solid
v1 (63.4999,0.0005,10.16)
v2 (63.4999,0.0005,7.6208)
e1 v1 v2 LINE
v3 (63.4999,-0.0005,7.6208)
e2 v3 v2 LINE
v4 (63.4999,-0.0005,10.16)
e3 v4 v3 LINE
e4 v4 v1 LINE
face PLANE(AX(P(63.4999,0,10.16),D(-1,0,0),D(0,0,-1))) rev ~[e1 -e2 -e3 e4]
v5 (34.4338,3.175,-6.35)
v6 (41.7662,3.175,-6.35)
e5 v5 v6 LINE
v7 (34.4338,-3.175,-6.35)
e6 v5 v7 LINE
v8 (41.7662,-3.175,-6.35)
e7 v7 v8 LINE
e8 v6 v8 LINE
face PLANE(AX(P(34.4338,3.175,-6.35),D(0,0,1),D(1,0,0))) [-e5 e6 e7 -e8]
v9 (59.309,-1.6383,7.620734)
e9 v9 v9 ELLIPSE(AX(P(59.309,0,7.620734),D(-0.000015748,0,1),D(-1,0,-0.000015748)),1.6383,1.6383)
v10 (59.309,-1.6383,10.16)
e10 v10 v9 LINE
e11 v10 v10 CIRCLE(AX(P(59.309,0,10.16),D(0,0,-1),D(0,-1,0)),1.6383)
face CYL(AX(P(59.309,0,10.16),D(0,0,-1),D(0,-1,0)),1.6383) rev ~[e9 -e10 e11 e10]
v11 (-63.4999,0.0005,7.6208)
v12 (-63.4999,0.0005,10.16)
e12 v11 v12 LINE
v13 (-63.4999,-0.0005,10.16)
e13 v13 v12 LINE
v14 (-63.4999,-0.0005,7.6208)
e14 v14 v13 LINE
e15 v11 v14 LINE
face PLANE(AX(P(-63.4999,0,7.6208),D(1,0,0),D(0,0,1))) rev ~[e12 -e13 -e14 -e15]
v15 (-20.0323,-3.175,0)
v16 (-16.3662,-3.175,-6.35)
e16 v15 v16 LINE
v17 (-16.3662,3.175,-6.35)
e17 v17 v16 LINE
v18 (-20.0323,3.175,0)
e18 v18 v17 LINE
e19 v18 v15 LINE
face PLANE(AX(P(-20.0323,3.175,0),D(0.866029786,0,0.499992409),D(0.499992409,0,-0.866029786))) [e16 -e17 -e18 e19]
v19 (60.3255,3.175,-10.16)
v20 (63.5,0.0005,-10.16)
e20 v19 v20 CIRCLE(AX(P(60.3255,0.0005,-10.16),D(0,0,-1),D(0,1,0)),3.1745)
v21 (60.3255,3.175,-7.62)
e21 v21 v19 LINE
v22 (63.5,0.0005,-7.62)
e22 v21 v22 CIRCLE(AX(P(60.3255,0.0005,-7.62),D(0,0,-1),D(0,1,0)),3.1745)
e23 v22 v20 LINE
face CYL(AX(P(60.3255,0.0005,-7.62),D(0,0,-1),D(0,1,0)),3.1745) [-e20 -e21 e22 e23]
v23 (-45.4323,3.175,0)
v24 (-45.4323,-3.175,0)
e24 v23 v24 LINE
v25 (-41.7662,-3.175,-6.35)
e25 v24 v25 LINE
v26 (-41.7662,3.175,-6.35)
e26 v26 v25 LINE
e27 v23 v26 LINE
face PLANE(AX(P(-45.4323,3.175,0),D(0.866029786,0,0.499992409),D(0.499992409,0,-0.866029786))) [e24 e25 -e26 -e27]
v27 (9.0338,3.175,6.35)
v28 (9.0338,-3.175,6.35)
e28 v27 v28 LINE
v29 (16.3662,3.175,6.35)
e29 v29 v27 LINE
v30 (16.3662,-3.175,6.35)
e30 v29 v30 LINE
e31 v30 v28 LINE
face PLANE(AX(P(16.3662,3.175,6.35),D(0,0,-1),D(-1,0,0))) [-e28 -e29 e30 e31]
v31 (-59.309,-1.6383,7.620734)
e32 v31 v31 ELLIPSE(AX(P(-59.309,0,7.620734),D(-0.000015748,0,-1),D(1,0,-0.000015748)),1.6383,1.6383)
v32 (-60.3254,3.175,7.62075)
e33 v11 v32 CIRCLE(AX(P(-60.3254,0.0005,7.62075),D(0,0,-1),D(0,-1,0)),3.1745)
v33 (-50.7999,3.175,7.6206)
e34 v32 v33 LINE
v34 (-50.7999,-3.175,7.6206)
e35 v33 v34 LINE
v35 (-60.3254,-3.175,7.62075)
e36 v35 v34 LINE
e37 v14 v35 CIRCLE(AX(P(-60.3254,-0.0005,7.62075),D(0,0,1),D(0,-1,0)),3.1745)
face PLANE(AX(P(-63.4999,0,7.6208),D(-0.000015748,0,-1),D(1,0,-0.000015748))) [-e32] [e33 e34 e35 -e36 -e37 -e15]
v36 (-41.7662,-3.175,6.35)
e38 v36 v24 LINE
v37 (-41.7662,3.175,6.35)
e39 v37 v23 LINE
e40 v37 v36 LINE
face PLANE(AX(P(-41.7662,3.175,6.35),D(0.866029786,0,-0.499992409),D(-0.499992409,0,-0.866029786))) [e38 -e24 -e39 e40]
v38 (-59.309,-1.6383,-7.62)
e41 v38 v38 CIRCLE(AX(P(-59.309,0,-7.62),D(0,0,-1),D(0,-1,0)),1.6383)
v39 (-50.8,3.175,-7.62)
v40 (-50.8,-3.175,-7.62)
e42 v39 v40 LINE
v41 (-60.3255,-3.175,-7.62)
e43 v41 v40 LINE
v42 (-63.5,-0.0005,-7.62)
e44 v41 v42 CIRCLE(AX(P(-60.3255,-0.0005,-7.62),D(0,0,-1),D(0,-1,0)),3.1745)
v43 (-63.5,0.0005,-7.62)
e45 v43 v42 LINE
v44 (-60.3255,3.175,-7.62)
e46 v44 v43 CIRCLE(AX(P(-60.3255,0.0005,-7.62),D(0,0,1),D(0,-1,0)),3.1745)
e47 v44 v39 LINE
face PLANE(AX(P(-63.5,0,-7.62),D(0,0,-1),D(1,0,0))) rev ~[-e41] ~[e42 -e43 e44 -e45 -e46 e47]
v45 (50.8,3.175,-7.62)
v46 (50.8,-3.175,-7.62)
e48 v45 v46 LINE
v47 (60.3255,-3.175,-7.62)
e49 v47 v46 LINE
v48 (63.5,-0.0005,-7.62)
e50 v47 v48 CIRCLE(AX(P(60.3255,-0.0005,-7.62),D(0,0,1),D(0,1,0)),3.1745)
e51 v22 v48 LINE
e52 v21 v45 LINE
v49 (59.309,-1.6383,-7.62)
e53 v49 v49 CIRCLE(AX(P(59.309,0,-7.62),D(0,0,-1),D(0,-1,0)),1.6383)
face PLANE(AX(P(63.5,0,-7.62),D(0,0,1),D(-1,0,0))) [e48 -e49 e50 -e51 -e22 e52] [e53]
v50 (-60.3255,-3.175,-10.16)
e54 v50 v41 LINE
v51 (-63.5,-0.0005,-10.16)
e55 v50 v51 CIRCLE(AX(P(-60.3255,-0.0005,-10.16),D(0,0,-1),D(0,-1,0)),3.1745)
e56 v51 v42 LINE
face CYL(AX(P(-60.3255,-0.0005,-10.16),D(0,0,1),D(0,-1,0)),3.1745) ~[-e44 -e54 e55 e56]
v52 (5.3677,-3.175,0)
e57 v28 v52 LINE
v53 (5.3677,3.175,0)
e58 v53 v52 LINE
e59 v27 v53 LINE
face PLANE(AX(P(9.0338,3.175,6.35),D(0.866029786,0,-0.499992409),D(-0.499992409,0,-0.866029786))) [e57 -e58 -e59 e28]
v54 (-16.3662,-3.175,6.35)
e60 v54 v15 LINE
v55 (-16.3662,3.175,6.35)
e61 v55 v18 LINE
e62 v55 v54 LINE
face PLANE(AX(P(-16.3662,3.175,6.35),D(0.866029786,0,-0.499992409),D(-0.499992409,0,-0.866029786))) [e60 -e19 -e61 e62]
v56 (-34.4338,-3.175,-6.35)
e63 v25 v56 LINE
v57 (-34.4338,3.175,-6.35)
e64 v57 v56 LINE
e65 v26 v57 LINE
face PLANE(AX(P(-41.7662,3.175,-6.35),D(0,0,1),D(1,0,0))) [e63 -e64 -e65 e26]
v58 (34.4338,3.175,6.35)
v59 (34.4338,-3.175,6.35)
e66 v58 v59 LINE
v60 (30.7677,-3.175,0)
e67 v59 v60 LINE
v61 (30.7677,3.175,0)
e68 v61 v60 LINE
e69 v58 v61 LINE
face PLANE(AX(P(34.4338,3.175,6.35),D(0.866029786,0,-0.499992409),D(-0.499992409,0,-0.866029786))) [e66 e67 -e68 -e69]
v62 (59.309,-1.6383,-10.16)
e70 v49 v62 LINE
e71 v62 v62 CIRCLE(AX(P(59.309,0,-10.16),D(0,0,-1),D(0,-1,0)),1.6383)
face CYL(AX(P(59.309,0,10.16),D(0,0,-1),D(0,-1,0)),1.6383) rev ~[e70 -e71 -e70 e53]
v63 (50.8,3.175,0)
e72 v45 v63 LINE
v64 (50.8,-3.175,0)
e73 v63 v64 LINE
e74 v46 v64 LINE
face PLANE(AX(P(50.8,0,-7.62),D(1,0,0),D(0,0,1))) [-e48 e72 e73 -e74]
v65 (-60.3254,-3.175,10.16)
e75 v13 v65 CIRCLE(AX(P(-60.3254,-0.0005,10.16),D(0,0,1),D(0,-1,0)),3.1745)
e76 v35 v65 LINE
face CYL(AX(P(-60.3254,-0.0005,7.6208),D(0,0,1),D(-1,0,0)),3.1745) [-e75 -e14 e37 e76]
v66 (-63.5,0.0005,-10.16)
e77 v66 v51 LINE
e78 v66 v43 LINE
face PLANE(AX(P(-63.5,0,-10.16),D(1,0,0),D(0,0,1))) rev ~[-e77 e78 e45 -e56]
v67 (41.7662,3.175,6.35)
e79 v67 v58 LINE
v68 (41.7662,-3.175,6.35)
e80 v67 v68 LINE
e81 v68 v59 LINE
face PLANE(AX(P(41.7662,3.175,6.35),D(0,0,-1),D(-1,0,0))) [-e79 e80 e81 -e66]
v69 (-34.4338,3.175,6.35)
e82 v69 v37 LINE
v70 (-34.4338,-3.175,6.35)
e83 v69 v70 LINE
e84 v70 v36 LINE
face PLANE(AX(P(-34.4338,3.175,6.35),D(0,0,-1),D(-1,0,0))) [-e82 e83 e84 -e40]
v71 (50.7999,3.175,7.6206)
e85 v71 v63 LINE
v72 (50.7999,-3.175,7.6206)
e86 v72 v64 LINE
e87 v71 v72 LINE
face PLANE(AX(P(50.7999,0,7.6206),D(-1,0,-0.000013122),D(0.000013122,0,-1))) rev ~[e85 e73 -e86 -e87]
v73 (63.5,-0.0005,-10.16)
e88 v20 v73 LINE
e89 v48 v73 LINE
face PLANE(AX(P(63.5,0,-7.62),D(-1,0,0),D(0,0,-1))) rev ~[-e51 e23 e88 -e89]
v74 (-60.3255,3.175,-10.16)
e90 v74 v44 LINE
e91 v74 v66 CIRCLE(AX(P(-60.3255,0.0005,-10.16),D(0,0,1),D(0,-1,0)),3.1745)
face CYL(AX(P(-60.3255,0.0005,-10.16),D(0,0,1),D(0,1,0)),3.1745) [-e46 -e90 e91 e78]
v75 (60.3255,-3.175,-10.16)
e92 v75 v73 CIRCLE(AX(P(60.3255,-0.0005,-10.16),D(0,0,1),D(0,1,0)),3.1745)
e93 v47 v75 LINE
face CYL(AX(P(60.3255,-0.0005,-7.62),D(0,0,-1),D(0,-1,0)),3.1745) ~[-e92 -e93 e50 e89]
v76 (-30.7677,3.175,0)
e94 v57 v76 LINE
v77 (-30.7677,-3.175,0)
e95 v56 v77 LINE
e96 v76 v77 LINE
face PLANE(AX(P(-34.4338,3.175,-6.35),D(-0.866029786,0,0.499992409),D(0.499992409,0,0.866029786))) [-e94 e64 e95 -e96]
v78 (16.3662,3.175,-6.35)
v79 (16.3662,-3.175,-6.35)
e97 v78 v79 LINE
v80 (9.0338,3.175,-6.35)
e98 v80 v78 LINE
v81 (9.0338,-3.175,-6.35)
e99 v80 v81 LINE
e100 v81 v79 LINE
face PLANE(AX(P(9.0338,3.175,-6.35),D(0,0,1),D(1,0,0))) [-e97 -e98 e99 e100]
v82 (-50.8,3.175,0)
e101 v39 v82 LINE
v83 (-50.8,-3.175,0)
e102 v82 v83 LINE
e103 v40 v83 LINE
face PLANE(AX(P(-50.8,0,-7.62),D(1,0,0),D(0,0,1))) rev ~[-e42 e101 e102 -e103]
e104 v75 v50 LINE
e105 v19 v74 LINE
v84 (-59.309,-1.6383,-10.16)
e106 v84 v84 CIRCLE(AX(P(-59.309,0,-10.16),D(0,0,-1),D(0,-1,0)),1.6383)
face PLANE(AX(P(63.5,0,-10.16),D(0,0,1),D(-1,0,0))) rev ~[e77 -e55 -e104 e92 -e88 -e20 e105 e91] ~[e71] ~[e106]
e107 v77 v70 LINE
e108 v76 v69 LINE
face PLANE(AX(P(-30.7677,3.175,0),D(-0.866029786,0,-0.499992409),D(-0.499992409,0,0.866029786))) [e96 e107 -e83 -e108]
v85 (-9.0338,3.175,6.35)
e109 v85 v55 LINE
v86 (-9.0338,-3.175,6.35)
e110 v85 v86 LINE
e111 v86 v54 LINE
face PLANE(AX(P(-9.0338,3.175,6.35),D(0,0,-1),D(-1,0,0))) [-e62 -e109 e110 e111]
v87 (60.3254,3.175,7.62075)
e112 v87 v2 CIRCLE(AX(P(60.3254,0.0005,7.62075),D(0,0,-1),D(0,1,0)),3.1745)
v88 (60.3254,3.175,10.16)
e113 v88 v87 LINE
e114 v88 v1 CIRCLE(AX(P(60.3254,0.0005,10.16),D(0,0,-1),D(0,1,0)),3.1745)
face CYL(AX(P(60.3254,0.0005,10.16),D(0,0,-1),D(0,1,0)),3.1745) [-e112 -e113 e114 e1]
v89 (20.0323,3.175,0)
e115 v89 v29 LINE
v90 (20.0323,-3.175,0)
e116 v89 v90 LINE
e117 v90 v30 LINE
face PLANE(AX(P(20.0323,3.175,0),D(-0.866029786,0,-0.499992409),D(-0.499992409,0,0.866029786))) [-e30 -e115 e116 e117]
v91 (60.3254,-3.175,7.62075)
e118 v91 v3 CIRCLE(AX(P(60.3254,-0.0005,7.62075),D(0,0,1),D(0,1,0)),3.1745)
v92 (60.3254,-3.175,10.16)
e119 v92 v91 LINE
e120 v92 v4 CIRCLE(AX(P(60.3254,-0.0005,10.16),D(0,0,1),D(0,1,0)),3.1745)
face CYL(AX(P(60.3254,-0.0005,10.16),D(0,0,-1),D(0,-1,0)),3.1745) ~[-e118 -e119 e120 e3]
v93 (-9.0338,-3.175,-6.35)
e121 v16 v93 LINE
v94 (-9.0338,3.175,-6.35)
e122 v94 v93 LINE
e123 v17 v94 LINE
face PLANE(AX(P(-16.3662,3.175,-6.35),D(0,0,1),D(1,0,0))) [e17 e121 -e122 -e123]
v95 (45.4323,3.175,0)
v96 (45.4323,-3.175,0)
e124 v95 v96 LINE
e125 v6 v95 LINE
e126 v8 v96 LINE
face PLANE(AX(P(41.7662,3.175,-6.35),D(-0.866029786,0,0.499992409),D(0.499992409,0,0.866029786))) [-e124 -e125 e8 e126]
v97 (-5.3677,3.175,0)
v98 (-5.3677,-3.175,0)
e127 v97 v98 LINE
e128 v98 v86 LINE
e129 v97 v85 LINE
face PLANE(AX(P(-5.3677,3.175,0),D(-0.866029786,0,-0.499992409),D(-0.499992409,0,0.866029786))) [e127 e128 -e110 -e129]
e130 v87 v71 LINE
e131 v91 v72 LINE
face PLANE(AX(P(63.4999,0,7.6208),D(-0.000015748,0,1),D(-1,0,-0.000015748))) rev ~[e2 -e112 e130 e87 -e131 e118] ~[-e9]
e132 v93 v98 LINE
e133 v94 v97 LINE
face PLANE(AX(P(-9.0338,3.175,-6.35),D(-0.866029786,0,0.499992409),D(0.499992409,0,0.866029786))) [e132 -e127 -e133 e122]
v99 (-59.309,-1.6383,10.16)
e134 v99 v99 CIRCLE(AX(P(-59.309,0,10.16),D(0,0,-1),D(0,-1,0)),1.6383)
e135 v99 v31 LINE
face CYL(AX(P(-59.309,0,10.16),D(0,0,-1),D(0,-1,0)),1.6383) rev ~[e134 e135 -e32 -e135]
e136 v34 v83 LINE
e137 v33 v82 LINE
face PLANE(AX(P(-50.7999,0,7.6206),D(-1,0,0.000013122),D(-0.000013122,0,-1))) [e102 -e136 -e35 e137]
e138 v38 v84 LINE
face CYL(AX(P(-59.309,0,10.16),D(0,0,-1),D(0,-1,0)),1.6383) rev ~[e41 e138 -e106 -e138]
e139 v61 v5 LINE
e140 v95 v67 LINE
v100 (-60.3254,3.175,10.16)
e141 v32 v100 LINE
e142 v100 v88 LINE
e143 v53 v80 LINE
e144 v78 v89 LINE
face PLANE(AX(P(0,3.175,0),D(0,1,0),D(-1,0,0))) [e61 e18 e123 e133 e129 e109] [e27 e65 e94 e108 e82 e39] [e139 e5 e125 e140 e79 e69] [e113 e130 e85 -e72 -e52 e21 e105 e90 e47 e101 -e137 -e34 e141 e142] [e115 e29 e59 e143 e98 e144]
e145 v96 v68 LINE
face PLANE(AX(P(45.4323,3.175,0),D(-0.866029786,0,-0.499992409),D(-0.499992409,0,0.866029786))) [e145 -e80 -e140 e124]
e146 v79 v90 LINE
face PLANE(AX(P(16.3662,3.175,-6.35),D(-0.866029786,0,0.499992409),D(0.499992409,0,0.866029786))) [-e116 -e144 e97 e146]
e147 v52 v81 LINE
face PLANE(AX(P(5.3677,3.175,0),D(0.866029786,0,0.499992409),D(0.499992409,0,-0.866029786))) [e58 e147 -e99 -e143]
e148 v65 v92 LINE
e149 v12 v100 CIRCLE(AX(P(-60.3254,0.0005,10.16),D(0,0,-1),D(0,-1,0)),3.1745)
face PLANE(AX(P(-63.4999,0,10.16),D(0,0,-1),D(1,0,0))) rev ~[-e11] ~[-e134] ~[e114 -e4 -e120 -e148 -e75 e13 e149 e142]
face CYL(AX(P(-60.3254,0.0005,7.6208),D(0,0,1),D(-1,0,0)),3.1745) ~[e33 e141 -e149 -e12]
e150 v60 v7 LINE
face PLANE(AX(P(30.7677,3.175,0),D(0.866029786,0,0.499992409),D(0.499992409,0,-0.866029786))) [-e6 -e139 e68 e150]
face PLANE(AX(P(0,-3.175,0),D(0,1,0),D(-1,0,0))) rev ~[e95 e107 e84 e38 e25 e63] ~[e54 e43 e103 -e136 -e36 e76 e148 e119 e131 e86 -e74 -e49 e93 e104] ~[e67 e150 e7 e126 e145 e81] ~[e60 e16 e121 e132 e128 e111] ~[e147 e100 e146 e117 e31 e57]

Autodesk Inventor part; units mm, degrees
ref_plane "YZ Plane" through (0, 0, 0) normal (1, 0, 0) x (0, 1, 0)
ref_plane "XZ Plane" through (0, 0, 0) normal (0, 1, 0) x (-1, 0, 0)
ref_plane "XY Plane" through (0, 0, 0) normal (0, 0, 1) x (1, 0, 0)
sketch "Sketch1" plane through (0, 0, 0) normal (0, 1, 0) x (-1, 0, 0)
  line L0 (63.4999, 10.16) -> (-63.4999, 10.16)
  line L1 (-63.5, -10.16) -> (63.5, -10.16)
  line L2 (63.4999, 10.16) -> (-63.5, -10.16) construction
  line L3 (-63.4999, 10.16) -> (63.5, -10.16) construction
  line L4 (-63.5, -7.62) -> (-50.8, -7.62)
  line L5 (-50.8, -7.62) -> (-50.8, 0)
  line L6 (0, 0) -> (-63.5, 0.0004) construction
  line L7 (0, 0) -> (0, -10.16) construction
  line L8 (-63.4999, 7.6208) -> (-50.7999, 7.6206)
  line L9 (-50.7999, 7.6206) -> (-50.8, 0)
  line L10 (63.5, -7.62) -> (50.8, -7.62)
  line L11 (50.8, -7.62) -> (50.8, 0)
  line L12 (63.4999, 7.6208) -> (50.7999, 7.6206)
  line L13 (50.7999, 7.6206) -> (50.8, 0)
  line L14 (63.5, -10.16) -> (63.5, -7.62)
  line L15 (63.4999, 7.6208) -> (63.4999, 10.16)
  line L16 (-63.4999, 10.16) -> (-63.4999, 7.6208)
  line L17 (-63.5, -7.62) -> (-63.5, -10.16)
  dimension "length" = 127
  dimension "oneHalfCutoffWidth" = 7.62
  dimension "cutoutWidth" = 12.7
  dimension "width" = 20.32
extrude "Extrusion1" add sketch "Sketch1" along normal mid plane 6.35
sketch "Sketch2" plane through (-63.4999, 3.175, 10.16) normal (0, 0, 1) x (1, 0, 0)
  line L0 (63.4999, -3.175) -> (63.4999, 0) construction
  line L1 (0, 0) -> (126.9998, 0) construction
  point P0 (122.8089, -3.175)
  point P1 (4.1909, -3.175)
  dimension "d8" = 59.309
hole "Hole1" at (59.309, 0, 10.16) at (-59.309, 0, 10.16) direction (0, 0, -1) diameter 3.2766 end through all clearance for "Flat Head Machine Screw (82)" size "#4" standard "Ansi Unified Screw Threads"
fillet "Fillet2" radius 3.175 8 edges at (63.5, 3.175, -8.89) (63.5, -3.175, -8.89) (63.4999, 3.175, 8.8904) (63.4999, -3.175, 8.8904) (-63.4999, 3.175, 8.8904) (-63.4999, -3.175, 8.8904) (-63.5, 3.175, -8.89) (-63.5, -3.175, -8.89)
sketch "Sketch5" plane through (0, 3.175, 0) normal (0, 1, 0) x (1, 0, 0)
  line L0 (-50.8, 0) -> (50.8, 0) construction
  line L1 (-34.4338, 6.35) -> (-30.7677, 0)
  line L2 (-30.7677, 0) -> (-34.4338, -6.35)
  line L3 (-34.4338, -6.35) -> (-41.7662, -6.35)
  line L4 (-41.7662, -6.35) -> (-45.4323, 0)
  line L5 (-45.4323, 0) -> (-41.7662, 6.35)
  line L6 (-41.7662, 6.35) -> (-34.4338, 6.35)
  line L7 (-50.8, 0) -> (-50.7999, -7.6206) projected
  line L8 (-16.3662, 6.35) -> (-9.0338, 6.35)
  line L9 (-9.0338, 6.35) -> (-5.3677, 0)
  line L10 (-5.3677, 0) -> (-9.0338, -6.35)
  line L11 (-9.0338, -6.35) -> (-16.3662, -6.35)
  line L12 (-16.3662, -6.35) -> (-20.0323, 0)
  line L13 (-20.0323, 0) -> (-16.3662, 6.35)
  line L14 (9.0338, 6.35) -> (16.3662, 6.35)
  line L15 (16.3662, 6.35) -> (20.0323, 0)
  line L16 (20.0323, 0) -> (16.3662, -6.35)
  line L17 (16.3662, -6.35) -> (9.0338, -6.35)
  line L18 (9.0338, -6.35) -> (5.3677, 0)
  line L19 (5.3677, 0) -> (9.0338, 6.35)
  line L20 (34.4338, 6.35) -> (41.7662, 6.35)
  line L21 (41.7662, 6.35) -> (45.4323, 0)
  line L22 (45.4323, 0) -> (41.7662, -6.35)
  line L23 (41.7662, -6.35) -> (34.4338, -6.35)
  line L24 (34.4338, -6.35) -> (30.7677, 0)
  line L25 (30.7677, 0) -> (34.4338, 6.35)
  point P0 (0, 0)
  point P1 (-38.1, 0)
  dimension "d18" = 12.7
  dimension "d19" = 12.7
  dimension "d22" = 25.4
extrude "Extrusion2" cut sketch "Sketch5" against normal through all
equation "\"endFilet\" = 0.5 * depth"
equation "\"depth\" = 6.35"
properties part number "supportPiece"
